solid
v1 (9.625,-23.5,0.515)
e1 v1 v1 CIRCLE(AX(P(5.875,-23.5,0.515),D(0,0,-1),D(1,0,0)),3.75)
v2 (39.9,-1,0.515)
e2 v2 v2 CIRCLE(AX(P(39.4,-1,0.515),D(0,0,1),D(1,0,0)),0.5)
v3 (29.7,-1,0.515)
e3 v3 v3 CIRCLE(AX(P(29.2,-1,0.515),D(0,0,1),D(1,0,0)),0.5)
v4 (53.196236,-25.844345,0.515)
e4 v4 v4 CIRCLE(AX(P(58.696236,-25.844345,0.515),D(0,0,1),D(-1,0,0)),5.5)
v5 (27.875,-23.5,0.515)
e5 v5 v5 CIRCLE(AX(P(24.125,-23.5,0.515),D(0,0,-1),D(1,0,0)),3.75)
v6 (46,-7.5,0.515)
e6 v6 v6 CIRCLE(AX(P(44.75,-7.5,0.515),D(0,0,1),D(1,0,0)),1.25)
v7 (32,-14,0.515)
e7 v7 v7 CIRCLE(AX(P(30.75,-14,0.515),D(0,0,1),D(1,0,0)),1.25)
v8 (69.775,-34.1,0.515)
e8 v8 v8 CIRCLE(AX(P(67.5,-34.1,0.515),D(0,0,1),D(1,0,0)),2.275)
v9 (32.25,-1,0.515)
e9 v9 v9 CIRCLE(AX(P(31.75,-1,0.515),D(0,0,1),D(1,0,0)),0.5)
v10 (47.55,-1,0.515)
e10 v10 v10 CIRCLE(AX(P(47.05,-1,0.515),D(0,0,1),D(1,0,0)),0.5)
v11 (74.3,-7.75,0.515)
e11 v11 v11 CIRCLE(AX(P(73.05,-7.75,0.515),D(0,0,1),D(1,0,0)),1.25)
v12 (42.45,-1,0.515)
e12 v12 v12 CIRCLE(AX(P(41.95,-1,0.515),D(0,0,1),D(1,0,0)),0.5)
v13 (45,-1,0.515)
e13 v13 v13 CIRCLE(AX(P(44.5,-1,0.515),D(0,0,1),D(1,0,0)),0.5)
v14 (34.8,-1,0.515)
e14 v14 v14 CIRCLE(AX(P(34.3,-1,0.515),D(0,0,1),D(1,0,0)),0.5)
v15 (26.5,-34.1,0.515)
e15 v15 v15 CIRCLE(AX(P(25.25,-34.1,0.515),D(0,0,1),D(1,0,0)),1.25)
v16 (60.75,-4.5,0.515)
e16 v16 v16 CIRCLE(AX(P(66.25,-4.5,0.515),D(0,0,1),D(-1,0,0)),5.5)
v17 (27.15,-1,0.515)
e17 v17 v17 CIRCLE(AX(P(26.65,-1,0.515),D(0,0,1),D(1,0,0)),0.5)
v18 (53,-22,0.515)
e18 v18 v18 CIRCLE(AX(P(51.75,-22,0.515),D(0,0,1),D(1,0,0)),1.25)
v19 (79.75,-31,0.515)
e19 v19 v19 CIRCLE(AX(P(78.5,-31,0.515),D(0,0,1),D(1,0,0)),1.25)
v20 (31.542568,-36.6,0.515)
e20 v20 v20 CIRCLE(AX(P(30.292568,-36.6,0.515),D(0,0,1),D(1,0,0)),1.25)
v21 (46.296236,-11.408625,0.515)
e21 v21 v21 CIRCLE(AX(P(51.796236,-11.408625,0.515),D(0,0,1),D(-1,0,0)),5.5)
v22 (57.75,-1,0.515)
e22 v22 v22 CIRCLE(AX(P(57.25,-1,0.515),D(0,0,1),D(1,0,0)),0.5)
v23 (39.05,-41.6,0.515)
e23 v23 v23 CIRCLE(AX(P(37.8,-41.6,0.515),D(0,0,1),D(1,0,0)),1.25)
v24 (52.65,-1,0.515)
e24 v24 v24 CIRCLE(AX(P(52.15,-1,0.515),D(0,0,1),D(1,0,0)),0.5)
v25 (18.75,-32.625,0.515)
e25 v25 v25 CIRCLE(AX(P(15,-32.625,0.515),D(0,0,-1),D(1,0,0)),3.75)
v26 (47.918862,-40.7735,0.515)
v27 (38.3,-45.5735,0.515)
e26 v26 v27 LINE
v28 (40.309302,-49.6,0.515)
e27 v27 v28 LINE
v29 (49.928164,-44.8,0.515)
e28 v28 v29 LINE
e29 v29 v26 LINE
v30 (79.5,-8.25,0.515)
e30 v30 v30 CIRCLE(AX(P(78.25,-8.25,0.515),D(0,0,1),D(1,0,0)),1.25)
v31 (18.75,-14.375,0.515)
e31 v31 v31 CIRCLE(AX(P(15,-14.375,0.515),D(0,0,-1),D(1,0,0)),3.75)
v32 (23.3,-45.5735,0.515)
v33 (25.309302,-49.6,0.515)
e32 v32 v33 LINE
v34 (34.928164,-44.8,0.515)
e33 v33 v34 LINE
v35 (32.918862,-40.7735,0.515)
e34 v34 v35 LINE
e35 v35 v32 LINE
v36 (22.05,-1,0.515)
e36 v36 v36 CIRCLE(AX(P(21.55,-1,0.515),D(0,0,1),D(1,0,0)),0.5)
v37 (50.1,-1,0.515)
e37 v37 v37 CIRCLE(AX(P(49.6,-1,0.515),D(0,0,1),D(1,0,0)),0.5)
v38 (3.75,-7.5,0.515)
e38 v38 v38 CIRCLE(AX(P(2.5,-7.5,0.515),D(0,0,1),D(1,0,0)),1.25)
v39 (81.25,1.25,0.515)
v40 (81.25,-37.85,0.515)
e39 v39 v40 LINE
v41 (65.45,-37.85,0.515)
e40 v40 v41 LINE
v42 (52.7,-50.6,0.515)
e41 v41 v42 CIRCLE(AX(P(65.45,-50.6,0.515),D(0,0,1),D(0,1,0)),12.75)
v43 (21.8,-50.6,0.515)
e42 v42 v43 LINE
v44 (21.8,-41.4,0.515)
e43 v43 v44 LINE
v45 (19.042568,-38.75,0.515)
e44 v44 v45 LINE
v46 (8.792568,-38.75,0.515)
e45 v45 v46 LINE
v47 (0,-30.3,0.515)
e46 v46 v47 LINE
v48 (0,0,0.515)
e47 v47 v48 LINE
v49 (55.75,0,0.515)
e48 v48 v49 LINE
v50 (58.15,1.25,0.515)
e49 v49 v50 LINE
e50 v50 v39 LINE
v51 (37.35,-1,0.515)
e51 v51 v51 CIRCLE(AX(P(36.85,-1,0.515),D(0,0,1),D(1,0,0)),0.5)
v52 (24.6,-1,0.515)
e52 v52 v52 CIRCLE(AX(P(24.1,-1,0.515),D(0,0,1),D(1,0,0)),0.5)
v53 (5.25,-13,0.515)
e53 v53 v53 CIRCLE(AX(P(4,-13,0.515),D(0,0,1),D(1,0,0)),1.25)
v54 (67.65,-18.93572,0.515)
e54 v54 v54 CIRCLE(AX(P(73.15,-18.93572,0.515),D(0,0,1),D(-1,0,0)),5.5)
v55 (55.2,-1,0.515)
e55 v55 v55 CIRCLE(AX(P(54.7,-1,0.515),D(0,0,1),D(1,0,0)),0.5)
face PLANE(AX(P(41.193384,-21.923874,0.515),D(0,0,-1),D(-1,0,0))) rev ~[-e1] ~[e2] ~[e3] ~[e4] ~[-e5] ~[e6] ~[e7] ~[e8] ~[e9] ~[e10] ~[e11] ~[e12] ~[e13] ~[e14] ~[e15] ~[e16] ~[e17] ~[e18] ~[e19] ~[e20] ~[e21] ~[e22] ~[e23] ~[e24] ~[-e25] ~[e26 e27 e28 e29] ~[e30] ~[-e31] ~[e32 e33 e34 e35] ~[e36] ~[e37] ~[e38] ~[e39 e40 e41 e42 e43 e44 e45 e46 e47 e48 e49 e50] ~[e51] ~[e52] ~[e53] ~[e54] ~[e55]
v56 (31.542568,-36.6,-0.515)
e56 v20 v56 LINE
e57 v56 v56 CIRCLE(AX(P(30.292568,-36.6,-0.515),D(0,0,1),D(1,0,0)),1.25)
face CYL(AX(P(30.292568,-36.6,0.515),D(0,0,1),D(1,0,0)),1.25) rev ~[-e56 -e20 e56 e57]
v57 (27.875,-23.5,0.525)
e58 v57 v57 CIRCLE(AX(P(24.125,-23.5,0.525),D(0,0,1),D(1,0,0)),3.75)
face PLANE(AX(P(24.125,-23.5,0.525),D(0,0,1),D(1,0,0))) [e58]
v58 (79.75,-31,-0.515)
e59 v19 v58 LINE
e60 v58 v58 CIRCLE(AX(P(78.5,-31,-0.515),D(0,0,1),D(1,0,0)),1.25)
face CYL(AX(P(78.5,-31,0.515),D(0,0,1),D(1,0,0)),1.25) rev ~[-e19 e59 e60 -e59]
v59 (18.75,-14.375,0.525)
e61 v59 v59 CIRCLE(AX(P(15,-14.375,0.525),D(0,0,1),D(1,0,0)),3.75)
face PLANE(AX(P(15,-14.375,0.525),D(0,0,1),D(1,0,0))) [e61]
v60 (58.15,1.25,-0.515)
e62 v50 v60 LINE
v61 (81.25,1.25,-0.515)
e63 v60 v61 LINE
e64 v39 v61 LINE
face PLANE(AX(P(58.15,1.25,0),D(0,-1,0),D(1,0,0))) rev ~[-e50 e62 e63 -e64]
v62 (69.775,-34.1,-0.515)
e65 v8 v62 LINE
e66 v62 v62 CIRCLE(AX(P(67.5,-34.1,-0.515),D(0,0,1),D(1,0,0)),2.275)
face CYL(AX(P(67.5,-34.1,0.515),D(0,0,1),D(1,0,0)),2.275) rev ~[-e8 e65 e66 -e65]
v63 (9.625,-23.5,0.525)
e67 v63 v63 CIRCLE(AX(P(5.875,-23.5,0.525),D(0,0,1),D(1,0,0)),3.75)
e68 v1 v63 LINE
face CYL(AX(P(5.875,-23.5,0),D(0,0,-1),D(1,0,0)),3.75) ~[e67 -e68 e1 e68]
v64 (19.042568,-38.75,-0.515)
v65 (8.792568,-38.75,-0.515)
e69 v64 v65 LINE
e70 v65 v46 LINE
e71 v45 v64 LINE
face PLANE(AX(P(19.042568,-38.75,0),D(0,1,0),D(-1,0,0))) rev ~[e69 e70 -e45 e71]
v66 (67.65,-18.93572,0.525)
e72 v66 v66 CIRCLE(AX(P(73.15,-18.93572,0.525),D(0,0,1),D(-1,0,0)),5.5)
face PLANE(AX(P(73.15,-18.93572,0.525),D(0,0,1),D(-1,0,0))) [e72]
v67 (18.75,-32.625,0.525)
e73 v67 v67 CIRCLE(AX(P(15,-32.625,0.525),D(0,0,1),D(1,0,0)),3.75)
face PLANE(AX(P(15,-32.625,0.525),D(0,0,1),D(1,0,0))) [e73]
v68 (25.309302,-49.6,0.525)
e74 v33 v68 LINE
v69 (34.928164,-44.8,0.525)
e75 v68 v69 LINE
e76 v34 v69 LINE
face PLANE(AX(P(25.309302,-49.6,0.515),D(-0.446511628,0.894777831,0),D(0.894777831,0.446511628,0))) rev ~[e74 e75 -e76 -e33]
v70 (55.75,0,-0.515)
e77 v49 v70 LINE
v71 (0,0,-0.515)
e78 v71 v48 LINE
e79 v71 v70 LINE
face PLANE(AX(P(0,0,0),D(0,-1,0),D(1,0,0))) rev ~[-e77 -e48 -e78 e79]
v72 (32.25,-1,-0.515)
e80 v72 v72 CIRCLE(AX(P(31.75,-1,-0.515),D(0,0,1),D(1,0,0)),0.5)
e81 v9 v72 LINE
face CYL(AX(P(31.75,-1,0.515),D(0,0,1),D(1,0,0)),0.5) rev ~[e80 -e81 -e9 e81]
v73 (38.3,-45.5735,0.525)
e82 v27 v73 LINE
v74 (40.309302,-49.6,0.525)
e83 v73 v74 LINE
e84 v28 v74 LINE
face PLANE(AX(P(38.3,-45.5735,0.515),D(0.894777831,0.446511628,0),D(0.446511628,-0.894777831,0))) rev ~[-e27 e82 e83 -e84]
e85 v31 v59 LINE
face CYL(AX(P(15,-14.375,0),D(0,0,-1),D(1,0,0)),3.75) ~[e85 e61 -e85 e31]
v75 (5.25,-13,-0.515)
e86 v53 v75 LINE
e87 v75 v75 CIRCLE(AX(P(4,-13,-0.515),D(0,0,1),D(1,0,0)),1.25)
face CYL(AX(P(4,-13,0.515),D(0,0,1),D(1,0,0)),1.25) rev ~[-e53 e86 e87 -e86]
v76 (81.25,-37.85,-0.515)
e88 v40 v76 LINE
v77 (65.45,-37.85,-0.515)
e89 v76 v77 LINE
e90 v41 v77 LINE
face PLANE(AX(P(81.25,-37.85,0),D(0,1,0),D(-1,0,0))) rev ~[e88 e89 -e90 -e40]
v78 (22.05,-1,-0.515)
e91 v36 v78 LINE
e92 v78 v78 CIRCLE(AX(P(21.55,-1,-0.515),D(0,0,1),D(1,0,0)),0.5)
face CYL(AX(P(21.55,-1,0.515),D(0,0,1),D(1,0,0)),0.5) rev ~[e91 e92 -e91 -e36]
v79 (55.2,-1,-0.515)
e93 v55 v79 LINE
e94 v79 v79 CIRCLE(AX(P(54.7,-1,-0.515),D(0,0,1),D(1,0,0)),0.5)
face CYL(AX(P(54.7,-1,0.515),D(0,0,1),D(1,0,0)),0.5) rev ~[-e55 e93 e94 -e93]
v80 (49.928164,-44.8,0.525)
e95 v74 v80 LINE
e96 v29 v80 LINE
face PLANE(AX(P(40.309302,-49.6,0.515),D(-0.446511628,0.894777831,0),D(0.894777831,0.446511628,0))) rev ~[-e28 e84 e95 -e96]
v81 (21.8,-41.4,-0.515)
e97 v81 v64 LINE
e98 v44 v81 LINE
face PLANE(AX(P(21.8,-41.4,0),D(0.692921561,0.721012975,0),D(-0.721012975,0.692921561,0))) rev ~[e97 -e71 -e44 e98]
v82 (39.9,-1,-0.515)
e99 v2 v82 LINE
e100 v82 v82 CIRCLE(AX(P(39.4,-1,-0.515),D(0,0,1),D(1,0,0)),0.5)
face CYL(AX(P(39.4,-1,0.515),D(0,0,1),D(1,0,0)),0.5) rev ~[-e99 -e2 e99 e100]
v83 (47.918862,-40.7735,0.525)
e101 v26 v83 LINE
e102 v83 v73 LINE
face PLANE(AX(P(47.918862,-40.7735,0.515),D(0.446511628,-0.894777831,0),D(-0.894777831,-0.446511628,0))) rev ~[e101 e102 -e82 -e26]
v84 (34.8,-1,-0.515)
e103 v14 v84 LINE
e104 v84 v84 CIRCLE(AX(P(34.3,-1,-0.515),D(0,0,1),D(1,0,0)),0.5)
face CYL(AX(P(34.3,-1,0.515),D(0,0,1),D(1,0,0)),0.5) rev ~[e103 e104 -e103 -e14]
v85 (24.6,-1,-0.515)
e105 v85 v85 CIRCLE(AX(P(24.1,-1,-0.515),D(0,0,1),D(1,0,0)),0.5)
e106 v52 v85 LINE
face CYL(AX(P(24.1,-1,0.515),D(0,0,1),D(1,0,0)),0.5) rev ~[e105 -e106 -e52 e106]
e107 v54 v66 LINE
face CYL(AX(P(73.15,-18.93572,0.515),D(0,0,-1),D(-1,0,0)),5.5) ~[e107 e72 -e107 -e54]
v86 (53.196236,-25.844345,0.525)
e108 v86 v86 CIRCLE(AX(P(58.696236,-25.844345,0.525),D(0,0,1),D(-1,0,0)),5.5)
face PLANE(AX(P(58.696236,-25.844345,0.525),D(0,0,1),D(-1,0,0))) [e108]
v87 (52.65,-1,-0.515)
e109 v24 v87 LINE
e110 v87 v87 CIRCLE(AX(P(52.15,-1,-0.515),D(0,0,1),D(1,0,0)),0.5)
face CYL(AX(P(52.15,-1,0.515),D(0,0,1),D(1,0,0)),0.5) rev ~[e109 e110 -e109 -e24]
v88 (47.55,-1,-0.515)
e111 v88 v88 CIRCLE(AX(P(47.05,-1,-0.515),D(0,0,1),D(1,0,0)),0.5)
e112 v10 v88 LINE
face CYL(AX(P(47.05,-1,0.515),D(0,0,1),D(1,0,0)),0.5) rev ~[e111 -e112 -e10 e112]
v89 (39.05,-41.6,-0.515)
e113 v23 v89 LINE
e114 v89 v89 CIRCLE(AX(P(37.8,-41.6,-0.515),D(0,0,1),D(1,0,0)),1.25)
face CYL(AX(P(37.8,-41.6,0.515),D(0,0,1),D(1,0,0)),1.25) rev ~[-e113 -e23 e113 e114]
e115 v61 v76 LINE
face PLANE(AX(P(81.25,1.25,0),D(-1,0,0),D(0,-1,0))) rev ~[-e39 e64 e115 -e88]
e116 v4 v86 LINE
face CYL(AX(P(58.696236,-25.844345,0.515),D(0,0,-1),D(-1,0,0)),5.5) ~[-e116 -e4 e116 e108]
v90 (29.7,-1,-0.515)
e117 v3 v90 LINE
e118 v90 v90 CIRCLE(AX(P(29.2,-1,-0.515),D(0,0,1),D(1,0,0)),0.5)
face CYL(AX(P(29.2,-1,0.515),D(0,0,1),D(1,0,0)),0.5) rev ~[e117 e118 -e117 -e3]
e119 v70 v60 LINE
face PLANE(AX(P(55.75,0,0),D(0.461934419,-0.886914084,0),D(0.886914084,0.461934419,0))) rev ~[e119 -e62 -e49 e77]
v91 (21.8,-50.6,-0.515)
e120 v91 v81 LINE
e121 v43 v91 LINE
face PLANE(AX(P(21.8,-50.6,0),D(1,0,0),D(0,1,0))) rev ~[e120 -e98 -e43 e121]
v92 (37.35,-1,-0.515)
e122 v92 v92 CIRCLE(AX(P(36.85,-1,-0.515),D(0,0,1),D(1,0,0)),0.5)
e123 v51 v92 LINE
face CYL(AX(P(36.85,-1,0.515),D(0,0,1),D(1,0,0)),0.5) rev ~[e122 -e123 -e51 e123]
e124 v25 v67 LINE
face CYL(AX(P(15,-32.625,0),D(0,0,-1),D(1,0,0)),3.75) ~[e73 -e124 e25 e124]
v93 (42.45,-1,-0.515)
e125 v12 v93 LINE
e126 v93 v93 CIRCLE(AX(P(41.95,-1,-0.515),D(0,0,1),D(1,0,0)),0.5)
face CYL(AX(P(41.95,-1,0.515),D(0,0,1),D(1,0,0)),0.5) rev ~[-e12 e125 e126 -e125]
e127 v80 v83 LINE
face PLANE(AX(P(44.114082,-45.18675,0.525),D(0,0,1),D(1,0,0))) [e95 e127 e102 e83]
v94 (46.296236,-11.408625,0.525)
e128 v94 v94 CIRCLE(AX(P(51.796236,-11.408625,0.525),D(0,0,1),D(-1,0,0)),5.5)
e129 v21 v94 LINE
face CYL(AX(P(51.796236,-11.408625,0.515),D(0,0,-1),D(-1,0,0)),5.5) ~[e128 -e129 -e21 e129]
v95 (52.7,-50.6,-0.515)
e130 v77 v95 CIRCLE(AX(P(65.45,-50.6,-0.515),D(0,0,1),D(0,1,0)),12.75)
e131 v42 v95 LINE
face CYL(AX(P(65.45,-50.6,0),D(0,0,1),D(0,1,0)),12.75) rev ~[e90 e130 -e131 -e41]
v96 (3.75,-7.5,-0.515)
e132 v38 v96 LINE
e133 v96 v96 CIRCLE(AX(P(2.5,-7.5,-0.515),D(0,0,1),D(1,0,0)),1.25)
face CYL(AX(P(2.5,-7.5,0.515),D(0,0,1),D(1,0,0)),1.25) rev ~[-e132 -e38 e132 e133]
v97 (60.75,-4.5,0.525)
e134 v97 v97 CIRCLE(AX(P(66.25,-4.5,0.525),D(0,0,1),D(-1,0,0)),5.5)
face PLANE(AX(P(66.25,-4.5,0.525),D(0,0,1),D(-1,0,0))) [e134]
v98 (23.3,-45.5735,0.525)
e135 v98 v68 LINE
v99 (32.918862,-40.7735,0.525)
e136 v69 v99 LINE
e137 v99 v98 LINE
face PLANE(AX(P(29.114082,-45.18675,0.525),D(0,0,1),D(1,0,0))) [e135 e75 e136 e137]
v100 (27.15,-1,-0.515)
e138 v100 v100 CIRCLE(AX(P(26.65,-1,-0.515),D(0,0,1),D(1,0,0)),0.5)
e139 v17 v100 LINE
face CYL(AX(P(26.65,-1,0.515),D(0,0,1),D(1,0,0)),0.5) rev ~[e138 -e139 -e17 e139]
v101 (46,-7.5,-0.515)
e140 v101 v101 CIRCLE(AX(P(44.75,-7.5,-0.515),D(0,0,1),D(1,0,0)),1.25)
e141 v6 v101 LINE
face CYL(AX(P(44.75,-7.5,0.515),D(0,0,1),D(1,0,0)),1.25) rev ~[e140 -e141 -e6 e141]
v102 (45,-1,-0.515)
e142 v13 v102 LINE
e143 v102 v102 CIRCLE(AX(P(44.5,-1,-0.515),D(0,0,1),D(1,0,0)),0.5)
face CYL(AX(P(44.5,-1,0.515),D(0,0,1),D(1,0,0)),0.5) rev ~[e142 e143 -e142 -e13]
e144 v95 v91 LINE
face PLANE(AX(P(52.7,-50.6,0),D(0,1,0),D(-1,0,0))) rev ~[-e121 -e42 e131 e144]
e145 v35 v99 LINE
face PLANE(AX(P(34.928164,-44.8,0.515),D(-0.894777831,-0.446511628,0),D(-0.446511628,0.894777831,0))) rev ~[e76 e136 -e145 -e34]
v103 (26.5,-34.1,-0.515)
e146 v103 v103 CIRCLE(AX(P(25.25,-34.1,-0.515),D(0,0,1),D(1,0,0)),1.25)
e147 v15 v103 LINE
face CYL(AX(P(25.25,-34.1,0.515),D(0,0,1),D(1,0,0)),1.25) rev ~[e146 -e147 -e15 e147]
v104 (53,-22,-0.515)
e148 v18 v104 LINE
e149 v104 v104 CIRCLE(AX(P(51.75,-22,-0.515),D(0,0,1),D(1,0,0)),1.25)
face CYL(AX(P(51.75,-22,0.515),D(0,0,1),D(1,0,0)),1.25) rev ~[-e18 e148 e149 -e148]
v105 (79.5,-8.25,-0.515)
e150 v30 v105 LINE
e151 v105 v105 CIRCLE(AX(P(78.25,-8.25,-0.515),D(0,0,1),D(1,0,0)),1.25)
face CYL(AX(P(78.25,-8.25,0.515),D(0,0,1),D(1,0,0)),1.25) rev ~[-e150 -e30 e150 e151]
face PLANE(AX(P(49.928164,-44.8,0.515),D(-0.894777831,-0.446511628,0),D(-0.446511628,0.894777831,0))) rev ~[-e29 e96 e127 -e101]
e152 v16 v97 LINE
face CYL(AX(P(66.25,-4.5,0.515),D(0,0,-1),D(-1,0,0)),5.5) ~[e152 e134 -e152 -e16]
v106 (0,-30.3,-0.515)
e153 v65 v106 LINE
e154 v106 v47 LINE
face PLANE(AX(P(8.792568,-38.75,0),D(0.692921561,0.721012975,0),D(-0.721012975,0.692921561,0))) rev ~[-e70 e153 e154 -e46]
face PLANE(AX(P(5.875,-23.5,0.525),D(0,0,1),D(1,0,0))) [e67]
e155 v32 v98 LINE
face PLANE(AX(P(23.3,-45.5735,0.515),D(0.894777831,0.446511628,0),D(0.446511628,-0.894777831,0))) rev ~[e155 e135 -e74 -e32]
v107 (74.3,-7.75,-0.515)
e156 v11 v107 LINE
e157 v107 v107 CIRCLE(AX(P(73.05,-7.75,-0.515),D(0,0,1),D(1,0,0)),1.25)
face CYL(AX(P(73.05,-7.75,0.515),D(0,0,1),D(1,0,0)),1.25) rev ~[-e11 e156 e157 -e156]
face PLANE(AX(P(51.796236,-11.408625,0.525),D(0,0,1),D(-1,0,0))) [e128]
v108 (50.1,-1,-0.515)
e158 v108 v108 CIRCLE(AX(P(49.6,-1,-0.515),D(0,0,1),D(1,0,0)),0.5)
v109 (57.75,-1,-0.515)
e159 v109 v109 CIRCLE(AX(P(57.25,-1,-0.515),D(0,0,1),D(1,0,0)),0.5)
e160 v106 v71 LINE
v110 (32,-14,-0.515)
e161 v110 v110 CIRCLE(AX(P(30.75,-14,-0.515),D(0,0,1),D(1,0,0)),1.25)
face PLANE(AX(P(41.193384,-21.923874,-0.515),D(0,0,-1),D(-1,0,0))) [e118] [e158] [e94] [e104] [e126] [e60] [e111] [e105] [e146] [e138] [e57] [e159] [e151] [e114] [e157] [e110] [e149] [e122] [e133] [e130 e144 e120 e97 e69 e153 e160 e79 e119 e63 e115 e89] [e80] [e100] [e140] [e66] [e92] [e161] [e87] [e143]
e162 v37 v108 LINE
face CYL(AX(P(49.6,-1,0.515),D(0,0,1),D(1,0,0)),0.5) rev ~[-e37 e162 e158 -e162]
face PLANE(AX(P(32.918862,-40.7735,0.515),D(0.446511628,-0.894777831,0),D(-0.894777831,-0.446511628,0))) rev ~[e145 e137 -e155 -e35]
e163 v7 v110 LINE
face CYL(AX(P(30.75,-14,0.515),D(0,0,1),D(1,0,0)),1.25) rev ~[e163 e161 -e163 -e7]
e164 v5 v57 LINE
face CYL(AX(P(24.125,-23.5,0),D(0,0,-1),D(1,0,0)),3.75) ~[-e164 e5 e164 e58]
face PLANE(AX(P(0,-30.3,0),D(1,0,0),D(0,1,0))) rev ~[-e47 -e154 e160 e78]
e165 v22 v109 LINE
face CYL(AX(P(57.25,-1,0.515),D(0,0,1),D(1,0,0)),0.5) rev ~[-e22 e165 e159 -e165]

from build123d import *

# Parameters (mm, degrees)
BOSS_EXTRUDE1_DEPTH = 0.515
SKETCH2_R           = 5.5
BOSS_EXTRUDE2_DEPTH = 0.01
SKETCH3_R           = 3.75
BOSS_EXTRUDE5_DEPTH = 0.525
BOSS_EXTRUDE6_DEPTH = 0.01
SKETCH6_R           = 0.5
CUT_EXTRUDE1_DEPTH  = 96.72347361
LPATTERN1_COUNT     = 15
LPATTERN1_PITCH     = 2.55
SKETCH7_R           = 2.275
SKETCH7_R_2         = 1.25
CUT_EXTRUDE2_DEPTH  = 96.72347361
SKETCH8_R           = 1.25
CUT_EXTRUDE3_DEPTH  = 96.72347361
SKETCH9_R           = 1.25
CUT_EXTRUDE4_DEPTH  = 96.72347361
SKETCH10_R          = 1.25
CUT_EXTRUDE5_DEPTH  = 96.72347361
SKETCH11_R          = 1.25
CUT_EXTRUDE6_DEPTH  = 96.72347361
SKETCH12_R          = 1.25
CUT_EXTRUDE7_DEPTH  = 96.72347361
SKETCH13_R          = 1.25
CUT_EXTRUDE8_DEPTH  = 96.72347361
SKETCH14_R          = 1.25
CUT_EXTRUDE9_DEPTH  = 96.72347361
SKETCH15_R          = 1.25
CUT_EXTRUDE10_DEPTH = 96.72347361
SKETCH16_R          = 1.25
CUT_EXTRUDE11_DEPTH = 96.72347361
SKETCH17_R          = 1.25
CUT_EXTRUDE12_DEPTH = 96.72347361


with BuildPart() as part:
    # Sketch1 → Boss-Extrude1 (new, symmetric)
    with BuildSketch(Plane.XY):
        with BuildLine():
            Line((0, 0), (55.75, 0))
            Line((55.75, 0), (58.15, 1.25))
            Line((58.15, 1.25), (81.25, 1.25))
            Line((81.25, 1.25), (81.25, -37.85))
            Line((81.25, -37.85), (65.45, -37.85))
            ThreePointArc((65.45, -37.85), (56.43438854, -41.58438854), (52.7, -50.6))
            Line((52.7, -50.6), (21.8, -50.6))
            Line((21.8, -50.6), (21.8, -41.4))
            Line((21.8, -41.4), (19.042567568, -38.75))
            Line((19.042567568, -38.75), (8.792567568, -38.75))
            Line((8.792567568, -38.75), (0, -30.3))
            Line((0, -30.3), (0, 0))
        make_face()
    extrude(amount=BOSS_EXTRUDE1_DEPTH, both=True)

    # Sketch2 → Boss-Extrude2 (add)
    with BuildSketch(Plane.XY.offset(0.515)):
        with Locations(Location((66.25, -4.5, 0), (0, 0, 180))):
            Circle(SKETCH2_R)
        with Locations(Location((73.15, -18.935719587, 0), (0, 0, 180))):
            Circle(SKETCH2_R)
        with Locations(Location((58.696235763, -25.844344587, 0), (0, 0, 180))):
            Circle(SKETCH2_R)
        with Locations(Location((51.796235763, -11.408625, 0), (0, 0, 180))):
            Circle(SKETCH2_R)
    extrude(amount=BOSS_EXTRUDE2_DEPTH)

    # Sketch3 → Boss-Extrude5 (add, through all)
    with BuildSketch(Plane.XY):
        with Locations((15, -14.375)):
            Circle(SKETCH3_R)
        with Locations((15, -32.625)):
            Circle(SKETCH3_R)
        with Locations((24.125, -23.5)):
            Circle(SKETCH3_R)
        with Locations((5.875, -23.5)):
            Circle(SKETCH3_R)
    extrude(amount=BOSS_EXTRUDE5_DEPTH)

    # Sketch5 → Boss-Extrude6 (add)
    with BuildSketch(Plane.XY.offset(0.515)):
        Polygon((32.918861679, -40.773499762), (23.3, -45.573499762), (25.309302326, -49.6), (34.928164005, -44.8), align=None)
        Polygon((38.3, -45.573499762), (40.309302326, -49.6), (49.928164005, -44.8), (47.918861679, -40.773499762), align=None)
    extrude(amount=BOSS_EXTRUDE6_DEPTH)

    # Sketch6 → Cut-Extrude1 (cut, through all)
    with BuildSketch(Plane.XY.offset(0.515)):
        with Locations((57.25, -1)):
            Circle(SKETCH6_R)
    cut_extrude1 = extrude(amount=-CUT_EXTRUDE1_DEPTH, mode=Mode.SUBTRACT)

    # LPattern1: Cut-Extrude1 ×15
    with Locations(*[(-i * LPATTERN1_PITCH, 0, 0) for i in range(1, LPATTERN1_COUNT)]):
        add(cut_extrude1, mode=Mode.SUBTRACT)

    # Sketch7 → Cut-Extrude2 (cut, through all)
    with BuildSketch(Plane.XY.offset(0.515)):
        with Locations((67.5, -34.1)):
            Circle(SKETCH7_R)
        with Locations((78.5, -31)):
            Circle(SKETCH7_R_2)
    extrude(amount=-CUT_EXTRUDE2_DEPTH, mode=Mode.SUBTRACT)

    # Sketch8 → Cut-Extrude3 (cut, through all)
    with BuildSketch(Plane.XY.offset(0.515)):
        with Locations((78.25, -8.25)):
            Circle(SKETCH8_R)
    extrude(amount=-CUT_EXTRUDE3_DEPTH, mode=Mode.SUBTRACT)

    # Sketch9 → Cut-Extrude4 (cut, through all)
    with BuildSketch(Plane.XY.offset(0.515)):
        with Locations((73.05, -7.75)):
            Circle(SKETCH9_R)
    extrude(amount=-CUT_EXTRUDE4_DEPTH, mode=Mode.SUBTRACT)

    # Sketch10 → Cut-Extrude5 (cut, through all)
    with BuildSketch(Plane.XY.offset(0.515)):
        with Locations((44.75, -7.5)):
            Circle(SKETCH10_R)
    extrude(amount=-CUT_EXTRUDE5_DEPTH, mode=Mode.SUBTRACT)

    # Sketch11 → Cut-Extrude6 (cut, through all)
    with BuildSketch(Plane.XY.offset(0.515)):
        with Locations((51.75, -22)):
            Circle(SKETCH11_R)
    extrude(amount=-CUT_EXTRUDE6_DEPTH, mode=Mode.SUBTRACT)

    # Sketch12 → Cut-Extrude7 (cut, through all)
    with BuildSketch(Plane.XY.offset(0.515)):
        with Locations((37.8, -41.6)):
            Circle(SKETCH12_R)
    extrude(amount=-CUT_EXTRUDE7_DEPTH, mode=Mode.SUBTRACT)

    # Sketch13 → Cut-Extrude8 (cut, through all)
    with BuildSketch(Plane.XY.offset(0.515)):
        with Locations((30.292567568, -36.6)):
            Circle(SKETCH13_R)
    extrude(amount=-CUT_EXTRUDE8_DEPTH, mode=Mode.SUBTRACT)

    # Sketch14 → Cut-Extrude9 (cut, through all)
    with BuildSketch(Plane.XY.offset(0.515)):
        with Locations((25.25, -34.1)):
            Circle(SKETCH14_R)
    extrude(amount=-CUT_EXTRUDE9_DEPTH, mode=Mode.SUBTRACT)

    # Sketch15 → Cut-Extrude10 (cut, through all)
    with BuildSketch(Plane.XY.offset(0.515)):
        with Locations((30.75, -14)):
            Circle(SKETCH15_R)
    extrude(amount=-CUT_EXTRUDE10_DEPTH, mode=Mode.SUBTRACT)

    # Sketch16 → Cut-Extrude11 (cut, through all)
    with BuildSketch(Plane.XY.offset(0.515)):
        with Locations((2.5, -7.5)):
            Circle(SKETCH16_R)
    extrude(amount=-CUT_EXTRUDE11_DEPTH, mode=Mode.SUBTRACT)

    # Sketch17 → Cut-Extrude12 (cut, through all)
    with BuildSketch(Plane.XY.offset(0.515)):
        with Locations((4, -13)):
            Circle(SKETCH17_R)
    extrude(amount=-CUT_EXTRUDE12_DEPTH, mode=Mode.SUBTRACT)


solid = part.part
